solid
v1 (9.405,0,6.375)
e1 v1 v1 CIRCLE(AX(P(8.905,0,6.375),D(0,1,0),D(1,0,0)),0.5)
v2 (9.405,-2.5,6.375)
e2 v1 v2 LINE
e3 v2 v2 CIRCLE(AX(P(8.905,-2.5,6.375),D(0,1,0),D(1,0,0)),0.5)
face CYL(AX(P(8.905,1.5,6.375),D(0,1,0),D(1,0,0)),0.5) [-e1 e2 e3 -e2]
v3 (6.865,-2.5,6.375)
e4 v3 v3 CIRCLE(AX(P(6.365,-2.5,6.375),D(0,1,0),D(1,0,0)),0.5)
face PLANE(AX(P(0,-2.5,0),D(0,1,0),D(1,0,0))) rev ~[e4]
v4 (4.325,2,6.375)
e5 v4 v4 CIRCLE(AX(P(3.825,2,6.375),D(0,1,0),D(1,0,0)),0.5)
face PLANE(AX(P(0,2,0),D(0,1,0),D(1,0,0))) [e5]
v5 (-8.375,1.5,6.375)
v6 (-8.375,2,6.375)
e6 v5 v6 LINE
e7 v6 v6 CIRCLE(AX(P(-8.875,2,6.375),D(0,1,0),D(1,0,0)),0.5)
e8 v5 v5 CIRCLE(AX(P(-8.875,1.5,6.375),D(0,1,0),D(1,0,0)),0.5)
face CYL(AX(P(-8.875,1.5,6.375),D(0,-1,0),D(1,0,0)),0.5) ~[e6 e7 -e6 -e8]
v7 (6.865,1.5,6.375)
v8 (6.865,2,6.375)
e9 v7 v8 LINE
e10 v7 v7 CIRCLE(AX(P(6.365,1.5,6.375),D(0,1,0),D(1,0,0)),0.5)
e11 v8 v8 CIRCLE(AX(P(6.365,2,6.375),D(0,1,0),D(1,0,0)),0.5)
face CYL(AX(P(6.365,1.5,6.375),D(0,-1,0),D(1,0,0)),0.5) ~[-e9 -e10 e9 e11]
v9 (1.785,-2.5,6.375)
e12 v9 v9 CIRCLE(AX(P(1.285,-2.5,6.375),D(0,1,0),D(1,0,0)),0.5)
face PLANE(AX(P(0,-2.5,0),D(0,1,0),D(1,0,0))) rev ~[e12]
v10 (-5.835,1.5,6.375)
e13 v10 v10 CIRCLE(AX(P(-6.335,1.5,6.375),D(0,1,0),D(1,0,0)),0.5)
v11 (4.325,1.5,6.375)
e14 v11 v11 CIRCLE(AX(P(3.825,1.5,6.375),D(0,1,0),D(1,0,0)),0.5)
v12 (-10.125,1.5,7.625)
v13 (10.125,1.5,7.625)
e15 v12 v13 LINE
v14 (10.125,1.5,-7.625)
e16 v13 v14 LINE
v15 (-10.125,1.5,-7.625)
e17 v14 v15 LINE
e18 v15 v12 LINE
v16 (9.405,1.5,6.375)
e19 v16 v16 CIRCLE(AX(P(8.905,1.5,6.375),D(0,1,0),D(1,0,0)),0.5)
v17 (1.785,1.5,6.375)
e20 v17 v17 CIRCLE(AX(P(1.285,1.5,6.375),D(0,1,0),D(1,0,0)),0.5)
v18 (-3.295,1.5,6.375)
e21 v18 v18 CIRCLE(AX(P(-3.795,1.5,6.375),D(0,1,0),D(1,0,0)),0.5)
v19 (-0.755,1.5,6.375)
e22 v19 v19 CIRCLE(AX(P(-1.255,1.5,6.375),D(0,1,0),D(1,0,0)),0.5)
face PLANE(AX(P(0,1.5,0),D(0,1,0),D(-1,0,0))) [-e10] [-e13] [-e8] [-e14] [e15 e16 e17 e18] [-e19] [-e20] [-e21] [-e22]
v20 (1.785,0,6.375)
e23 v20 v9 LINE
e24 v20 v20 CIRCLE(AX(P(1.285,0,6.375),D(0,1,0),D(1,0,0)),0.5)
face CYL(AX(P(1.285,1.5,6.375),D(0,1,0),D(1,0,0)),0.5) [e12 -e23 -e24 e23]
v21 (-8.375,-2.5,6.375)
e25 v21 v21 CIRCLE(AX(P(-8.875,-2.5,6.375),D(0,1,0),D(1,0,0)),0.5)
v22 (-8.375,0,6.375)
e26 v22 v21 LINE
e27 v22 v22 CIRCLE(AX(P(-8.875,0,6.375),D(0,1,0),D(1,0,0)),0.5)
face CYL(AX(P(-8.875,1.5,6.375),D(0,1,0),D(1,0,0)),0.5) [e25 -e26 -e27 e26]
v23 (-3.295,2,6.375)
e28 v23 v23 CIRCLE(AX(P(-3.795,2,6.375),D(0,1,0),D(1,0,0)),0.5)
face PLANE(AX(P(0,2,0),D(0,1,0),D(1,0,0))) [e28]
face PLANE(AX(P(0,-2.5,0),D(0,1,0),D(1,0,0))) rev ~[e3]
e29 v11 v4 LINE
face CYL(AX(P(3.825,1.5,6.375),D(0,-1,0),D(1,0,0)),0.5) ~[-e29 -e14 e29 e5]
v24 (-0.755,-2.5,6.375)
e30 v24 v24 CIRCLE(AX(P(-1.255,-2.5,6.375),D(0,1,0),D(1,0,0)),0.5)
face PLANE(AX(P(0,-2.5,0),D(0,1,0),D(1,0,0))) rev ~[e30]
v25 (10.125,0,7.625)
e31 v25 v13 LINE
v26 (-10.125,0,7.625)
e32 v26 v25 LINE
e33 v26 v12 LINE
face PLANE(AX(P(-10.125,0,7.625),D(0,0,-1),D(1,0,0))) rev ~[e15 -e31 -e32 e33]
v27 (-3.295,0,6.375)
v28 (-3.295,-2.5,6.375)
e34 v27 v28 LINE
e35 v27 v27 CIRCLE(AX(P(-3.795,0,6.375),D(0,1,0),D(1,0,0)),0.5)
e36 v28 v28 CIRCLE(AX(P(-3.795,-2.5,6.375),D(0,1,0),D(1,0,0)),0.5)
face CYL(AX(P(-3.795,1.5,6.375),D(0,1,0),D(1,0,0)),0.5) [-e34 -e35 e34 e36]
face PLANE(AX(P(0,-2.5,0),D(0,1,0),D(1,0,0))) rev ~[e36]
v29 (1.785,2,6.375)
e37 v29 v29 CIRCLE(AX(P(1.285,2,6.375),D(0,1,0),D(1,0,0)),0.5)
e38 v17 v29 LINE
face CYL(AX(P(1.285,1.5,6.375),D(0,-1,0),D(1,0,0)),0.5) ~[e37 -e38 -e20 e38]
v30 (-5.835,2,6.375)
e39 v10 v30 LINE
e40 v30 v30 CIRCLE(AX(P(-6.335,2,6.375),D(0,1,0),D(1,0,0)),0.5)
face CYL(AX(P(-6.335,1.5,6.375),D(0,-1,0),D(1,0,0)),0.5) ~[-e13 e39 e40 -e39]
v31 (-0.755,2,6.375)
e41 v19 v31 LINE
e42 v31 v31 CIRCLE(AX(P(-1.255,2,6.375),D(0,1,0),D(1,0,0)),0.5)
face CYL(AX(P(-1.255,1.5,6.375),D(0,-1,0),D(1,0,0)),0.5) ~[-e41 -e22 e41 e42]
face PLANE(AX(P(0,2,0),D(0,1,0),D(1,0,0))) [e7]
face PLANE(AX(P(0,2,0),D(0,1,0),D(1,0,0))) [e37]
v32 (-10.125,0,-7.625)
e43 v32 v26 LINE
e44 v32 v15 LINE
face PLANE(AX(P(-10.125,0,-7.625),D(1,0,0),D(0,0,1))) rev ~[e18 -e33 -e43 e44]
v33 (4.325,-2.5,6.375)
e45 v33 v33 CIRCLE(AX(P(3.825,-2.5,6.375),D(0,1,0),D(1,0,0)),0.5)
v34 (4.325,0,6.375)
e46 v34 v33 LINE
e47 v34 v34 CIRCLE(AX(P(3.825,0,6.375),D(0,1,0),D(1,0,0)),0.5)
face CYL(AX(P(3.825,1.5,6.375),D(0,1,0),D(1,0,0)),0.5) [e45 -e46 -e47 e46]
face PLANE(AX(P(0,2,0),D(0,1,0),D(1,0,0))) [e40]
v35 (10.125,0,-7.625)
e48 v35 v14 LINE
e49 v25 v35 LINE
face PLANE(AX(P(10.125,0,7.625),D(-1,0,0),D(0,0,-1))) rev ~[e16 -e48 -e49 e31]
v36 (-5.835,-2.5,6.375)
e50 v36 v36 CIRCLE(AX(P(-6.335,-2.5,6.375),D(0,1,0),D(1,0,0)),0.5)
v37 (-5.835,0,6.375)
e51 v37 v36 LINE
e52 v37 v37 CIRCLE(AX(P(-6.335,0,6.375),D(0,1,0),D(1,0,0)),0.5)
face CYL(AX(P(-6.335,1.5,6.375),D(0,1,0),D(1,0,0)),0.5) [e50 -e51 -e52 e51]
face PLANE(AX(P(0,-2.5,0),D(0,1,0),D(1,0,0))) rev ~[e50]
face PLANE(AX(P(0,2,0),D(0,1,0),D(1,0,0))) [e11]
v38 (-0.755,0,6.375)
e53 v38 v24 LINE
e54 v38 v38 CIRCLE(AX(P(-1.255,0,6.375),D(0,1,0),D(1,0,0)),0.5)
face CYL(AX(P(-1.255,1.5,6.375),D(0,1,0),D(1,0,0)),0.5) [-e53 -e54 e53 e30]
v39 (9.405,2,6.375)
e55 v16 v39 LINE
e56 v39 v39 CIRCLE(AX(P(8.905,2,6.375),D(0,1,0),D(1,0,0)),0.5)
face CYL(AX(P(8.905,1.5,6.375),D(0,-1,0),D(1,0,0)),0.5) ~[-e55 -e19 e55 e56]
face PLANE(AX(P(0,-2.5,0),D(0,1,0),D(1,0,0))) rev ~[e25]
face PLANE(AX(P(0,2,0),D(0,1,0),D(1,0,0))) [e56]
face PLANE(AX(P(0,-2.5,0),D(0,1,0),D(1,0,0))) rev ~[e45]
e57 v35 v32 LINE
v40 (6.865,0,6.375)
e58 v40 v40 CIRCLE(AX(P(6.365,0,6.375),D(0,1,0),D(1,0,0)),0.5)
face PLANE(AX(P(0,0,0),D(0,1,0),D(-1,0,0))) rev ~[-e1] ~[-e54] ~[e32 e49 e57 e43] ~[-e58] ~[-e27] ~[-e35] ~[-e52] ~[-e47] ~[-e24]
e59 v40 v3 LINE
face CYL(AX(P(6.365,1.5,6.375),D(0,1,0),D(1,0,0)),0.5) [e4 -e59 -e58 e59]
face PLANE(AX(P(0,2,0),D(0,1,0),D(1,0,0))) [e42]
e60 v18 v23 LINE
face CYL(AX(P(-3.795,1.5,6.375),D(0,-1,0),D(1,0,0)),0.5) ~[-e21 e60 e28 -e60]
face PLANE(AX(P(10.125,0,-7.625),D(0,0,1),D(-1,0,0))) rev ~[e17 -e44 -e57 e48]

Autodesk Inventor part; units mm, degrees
ref_plane "YZ Plane" through (0, 0, 0) normal (1, 0, 0) x (0, 1, 0)
ref_plane "XZ Plane" through (0, 0, 0) normal (0, 1, 0) x (-1, 0, 0)
ref_plane "XY Plane" through (0, 0, 0) normal (0, 0, 1) x (1, 0, 0)
sketch "Sketch4" plane through (0, 0, 0) normal (0, 1, 0) x (-1, 0, 0)
  line L0 (10.125, 7.625) -> (-10.125, 7.625)
  line L1 (-10.125, 7.625) -> (-10.125, -7.625)
  line L2 (-10.125, -7.625) -> (10.125, -7.625)
  line L3 (10.125, -7.625) -> (10.125, 7.625)
  line L4 (10.125, 7.625) -> (-10.125, -7.625) construction
  line L5 (-10.125, 7.625) -> (10.125, -7.625) construction
  point P0 (0, 0)
  dimension "d9" = 20.25
  dimension "d10" = 15.25
extrude "Extrusion2" add sketch "Sketch4" along normal blind 1.5
sketch "Sketch5" plane through (0, 1.5, 0) normal (0, 1, 0) x (1, 0, 0)
  line L0 (-10.125, -7.625) -> (10.125, -7.625) projected
  line L1 (10.125, -7.625) -> (10.125, 7.625) projected
  line L2 (10.125, 7.625) -> (-10.125, 7.625) projected
  line L3 (-10.125, 7.625) -> (-10.125, -7.625) projected
  circle A0 centre (-8.875, -6.375) radius 0.5
  circle A1 centre (-6.335, -6.375) radius 0.5
  circle A2 centre (-3.795, -6.375) radius 0.5
  circle A3 centre (-1.255, -6.375) radius 0.5
  circle A4 centre (1.285, -6.375) radius 0.5
  circle A5 centre (3.825, -6.375) radius 0.5
  circle A6 centre (6.365, -6.375) radius 0.5
  circle A7 centre (8.905, -6.375) radius 0.5
  point P0 (0, 0)
  dimension "d13" = 1
extrude "Extrusion3" add sketch "Sketch5" along normal blind 0.5 and the other way blind 4 contours A0 | A1 | A2 | A3 | A4 | A5 | A6 | A7
properties part number "MPU-6050"
